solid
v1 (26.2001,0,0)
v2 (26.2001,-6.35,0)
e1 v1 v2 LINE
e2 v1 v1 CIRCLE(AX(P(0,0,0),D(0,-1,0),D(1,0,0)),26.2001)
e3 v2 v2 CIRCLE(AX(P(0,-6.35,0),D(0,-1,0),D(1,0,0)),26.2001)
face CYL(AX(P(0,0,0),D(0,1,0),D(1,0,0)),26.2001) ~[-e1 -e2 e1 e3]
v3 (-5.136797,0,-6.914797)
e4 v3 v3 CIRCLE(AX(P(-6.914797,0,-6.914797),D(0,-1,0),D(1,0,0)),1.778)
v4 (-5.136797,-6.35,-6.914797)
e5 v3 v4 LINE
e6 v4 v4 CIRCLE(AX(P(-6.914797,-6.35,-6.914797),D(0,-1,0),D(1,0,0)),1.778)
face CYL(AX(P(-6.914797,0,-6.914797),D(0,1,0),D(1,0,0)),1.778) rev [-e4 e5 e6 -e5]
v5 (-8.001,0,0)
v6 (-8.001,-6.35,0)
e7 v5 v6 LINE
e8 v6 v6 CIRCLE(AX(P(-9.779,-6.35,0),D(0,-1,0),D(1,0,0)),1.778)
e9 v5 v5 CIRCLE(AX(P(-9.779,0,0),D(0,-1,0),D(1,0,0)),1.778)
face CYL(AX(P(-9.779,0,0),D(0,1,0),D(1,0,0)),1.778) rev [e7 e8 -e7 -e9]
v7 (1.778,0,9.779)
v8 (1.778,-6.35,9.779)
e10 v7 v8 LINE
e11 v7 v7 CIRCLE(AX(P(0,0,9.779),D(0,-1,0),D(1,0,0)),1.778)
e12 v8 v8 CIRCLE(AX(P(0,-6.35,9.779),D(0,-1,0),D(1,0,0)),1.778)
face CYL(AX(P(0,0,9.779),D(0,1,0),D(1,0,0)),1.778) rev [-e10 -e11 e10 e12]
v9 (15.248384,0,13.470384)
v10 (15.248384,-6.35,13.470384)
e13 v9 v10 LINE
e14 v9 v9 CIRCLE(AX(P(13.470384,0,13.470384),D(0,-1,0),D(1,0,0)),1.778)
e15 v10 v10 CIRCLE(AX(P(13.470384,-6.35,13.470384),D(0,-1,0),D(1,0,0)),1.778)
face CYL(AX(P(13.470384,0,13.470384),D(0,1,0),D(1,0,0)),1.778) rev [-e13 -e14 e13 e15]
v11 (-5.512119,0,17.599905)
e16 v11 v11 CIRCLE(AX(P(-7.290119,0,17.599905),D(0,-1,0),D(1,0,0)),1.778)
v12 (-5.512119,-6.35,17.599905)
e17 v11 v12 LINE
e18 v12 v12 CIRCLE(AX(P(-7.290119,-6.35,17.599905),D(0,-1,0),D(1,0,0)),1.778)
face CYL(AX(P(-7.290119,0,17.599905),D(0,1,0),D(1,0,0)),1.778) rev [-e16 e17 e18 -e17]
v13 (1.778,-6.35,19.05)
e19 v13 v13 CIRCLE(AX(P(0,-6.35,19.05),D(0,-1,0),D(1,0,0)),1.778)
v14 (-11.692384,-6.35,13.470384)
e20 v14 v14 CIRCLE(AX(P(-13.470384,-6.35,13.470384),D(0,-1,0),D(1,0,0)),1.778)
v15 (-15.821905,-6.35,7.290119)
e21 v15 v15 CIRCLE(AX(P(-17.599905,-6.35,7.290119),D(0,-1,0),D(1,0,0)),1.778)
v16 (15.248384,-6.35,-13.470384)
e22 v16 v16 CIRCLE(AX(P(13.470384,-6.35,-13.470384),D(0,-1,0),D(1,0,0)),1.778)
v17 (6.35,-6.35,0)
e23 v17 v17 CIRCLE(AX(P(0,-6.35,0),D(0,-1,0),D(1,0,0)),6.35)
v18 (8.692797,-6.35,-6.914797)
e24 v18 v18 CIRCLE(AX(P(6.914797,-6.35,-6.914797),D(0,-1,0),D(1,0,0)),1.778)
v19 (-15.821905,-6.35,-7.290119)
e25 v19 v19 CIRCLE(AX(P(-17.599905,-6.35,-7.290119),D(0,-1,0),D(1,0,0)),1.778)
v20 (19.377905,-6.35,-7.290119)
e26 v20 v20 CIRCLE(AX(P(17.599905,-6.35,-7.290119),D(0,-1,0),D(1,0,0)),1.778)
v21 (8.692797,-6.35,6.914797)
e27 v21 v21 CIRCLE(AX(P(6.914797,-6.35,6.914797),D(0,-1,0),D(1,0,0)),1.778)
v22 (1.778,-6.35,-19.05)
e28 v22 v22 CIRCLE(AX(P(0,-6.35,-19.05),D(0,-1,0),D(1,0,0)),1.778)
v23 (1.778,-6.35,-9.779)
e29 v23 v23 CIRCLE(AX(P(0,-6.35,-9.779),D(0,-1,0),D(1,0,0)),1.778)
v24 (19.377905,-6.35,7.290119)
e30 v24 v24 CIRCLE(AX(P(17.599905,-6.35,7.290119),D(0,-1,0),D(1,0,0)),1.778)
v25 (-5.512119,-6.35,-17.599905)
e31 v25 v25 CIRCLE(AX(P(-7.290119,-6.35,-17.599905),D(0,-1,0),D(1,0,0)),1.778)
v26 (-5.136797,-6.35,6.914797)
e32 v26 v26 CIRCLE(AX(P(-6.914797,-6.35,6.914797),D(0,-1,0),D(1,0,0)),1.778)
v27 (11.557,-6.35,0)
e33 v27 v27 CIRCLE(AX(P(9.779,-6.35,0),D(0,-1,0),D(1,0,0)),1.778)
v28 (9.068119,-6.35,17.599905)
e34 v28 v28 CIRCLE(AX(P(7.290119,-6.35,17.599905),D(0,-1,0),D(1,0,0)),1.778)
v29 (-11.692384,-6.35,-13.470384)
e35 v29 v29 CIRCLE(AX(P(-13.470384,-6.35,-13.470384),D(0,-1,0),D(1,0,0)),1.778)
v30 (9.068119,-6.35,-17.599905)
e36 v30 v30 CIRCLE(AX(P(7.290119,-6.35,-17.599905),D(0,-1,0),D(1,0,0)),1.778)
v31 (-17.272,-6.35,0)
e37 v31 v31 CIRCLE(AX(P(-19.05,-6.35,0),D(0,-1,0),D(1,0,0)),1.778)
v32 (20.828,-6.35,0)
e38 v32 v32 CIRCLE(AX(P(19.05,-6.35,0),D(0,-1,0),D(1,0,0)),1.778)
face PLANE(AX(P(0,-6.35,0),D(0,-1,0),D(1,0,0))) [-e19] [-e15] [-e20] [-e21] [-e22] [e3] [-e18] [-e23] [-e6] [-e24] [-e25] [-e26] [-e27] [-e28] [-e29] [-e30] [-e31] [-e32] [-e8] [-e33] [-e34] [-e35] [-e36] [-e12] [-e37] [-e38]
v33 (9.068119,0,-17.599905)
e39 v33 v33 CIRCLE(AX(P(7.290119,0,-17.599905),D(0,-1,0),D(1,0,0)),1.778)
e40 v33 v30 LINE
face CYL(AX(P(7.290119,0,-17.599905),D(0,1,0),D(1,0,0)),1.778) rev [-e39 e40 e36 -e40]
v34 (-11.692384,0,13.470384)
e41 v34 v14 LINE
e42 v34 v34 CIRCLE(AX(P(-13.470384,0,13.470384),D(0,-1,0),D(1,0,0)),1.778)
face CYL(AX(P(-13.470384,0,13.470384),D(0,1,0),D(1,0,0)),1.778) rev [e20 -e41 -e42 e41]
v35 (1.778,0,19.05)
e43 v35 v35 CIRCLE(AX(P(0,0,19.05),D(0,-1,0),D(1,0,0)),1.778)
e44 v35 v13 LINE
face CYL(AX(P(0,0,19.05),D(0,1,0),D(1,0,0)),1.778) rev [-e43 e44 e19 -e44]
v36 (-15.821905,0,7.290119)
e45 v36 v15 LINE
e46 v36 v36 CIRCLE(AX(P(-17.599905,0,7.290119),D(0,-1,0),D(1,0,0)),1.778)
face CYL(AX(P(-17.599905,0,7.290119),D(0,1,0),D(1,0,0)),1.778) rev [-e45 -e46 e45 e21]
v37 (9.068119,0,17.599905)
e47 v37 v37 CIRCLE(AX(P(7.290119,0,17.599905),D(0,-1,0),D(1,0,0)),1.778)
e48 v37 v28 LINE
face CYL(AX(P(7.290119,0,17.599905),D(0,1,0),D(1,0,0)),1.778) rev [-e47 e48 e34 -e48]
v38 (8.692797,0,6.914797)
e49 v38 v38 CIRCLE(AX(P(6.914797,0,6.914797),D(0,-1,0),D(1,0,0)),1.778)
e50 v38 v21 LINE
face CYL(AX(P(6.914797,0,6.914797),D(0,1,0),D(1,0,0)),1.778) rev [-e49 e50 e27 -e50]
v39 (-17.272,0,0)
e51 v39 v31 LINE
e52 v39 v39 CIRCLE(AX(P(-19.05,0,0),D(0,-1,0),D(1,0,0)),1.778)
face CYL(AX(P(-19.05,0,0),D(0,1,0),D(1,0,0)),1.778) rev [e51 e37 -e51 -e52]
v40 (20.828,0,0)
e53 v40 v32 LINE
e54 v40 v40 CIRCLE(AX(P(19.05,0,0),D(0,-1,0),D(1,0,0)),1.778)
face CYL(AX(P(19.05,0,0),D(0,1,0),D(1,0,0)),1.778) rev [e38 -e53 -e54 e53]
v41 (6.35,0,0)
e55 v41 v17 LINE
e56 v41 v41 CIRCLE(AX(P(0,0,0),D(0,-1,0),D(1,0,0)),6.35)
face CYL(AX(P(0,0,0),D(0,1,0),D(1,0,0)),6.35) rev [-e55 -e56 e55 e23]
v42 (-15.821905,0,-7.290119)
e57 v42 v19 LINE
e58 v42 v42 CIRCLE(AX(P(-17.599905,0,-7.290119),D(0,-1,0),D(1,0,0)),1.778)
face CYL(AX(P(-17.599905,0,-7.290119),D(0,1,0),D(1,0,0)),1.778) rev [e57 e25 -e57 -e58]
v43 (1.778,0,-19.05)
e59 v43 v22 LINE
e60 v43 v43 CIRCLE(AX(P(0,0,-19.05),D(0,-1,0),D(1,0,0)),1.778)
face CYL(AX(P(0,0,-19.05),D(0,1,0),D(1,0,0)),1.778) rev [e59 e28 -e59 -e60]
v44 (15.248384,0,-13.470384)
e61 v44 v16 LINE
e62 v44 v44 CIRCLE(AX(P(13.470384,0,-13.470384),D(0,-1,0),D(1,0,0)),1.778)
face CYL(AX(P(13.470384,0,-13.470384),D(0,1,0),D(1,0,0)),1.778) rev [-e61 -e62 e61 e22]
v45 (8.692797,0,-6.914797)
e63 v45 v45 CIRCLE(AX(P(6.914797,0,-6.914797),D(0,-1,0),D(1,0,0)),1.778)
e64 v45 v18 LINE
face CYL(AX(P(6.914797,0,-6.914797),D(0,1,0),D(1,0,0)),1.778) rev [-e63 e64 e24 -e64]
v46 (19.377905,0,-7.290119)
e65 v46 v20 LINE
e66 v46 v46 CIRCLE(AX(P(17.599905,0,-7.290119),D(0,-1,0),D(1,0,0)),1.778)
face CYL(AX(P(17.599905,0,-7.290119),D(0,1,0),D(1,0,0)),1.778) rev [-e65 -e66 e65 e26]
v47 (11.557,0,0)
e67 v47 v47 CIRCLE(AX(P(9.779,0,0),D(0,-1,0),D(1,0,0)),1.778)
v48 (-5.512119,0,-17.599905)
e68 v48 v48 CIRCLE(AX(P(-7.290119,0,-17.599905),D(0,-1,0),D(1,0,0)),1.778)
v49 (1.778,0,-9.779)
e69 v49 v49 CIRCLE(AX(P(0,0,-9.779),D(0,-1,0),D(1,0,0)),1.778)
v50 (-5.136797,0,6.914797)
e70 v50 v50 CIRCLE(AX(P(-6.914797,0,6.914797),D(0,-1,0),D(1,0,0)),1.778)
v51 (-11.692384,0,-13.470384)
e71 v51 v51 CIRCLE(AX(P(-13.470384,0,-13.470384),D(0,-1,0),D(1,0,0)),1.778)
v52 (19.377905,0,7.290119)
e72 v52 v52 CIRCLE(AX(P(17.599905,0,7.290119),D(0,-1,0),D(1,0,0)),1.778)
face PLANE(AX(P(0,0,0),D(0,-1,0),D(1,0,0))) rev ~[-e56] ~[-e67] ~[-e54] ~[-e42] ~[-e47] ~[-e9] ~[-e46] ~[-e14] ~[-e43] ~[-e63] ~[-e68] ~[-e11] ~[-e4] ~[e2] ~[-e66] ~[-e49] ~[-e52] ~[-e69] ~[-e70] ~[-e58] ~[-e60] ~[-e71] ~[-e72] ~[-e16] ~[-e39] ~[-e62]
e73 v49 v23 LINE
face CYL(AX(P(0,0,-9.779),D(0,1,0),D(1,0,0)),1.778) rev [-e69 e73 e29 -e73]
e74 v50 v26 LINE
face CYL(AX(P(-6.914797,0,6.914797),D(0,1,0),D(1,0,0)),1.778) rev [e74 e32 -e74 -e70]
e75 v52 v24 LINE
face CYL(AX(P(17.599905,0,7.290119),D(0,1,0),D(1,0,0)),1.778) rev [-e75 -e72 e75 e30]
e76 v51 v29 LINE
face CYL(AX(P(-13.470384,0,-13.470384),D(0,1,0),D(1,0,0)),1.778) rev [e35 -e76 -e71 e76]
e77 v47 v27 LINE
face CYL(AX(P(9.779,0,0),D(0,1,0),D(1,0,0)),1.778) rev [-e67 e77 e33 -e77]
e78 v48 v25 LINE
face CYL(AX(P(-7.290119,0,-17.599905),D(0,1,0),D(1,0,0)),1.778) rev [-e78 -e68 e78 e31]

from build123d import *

# Parameters (mm, degrees)
F0_R     = 26.2001
F0_R_2   = 1.778
F0_R_3   = 6.35
F1_DEPTH = 6.35


with BuildPart() as f1:
    # F0 (on Front) → F1 (new body)
    with BuildSketch(Plane.XZ):
        Circle(F0_R)
        with Locations((-13.470384, -13.470384)):
            Circle(F0_R_2, mode=Mode.SUBTRACT)
        with Locations((-7.290119, -17.599905)):
            Circle(F0_R_2, mode=Mode.SUBTRACT)
        with Locations((0, -19.05)):
            Circle(F0_R_2, mode=Mode.SUBTRACT)
        with Locations((-17.599905, -7.290119)):
            Circle(F0_R_2, mode=Mode.SUBTRACT)
        with Locations((-19.05, 0)):
            Circle(F0_R_2, mode=Mode.SUBTRACT)
        with Locations((-6.914797, -6.914797)):
            Circle(F0_R_2, mode=Mode.SUBTRACT)
        with Locations((0, -9.779)):
            Circle(F0_R_2, mode=Mode.SUBTRACT)
        with Locations((-9.779, 0)):
            Circle(F0_R_2, mode=Mode.SUBTRACT)
        Circle(F0_R_3, mode=Mode.SUBTRACT)
        with Locations((7.290119, -17.599905)):
            Circle(F0_R_2, mode=Mode.SUBTRACT)
        with Locations((13.470384, -13.470384)):
            Circle(F0_R_2, mode=Mode.SUBTRACT)
        with Locations((6.914797, -6.914797)):
            Circle(F0_R_2, mode=Mode.SUBTRACT)
        with Locations((9.779, 0)):
            Circle(F0_R_2, mode=Mode.SUBTRACT)
        with Locations((17.599905, -7.290119)):
            Circle(F0_R_2, mode=Mode.SUBTRACT)
        with Locations((19.05, 0)):
            Circle(F0_R_2, mode=Mode.SUBTRACT)
        with Locations((-17.599905, 7.290119)):
            Circle(F0_R_2, mode=Mode.SUBTRACT)
        with Locations((-6.914797, 6.914797)):
            Circle(F0_R_2, mode=Mode.SUBTRACT)
        with Locations((0, 9.779)):
            Circle(F0_R_2, mode=Mode.SUBTRACT)
        with Locations((-13.470384, 13.470384)):
            Circle(F0_R_2, mode=Mode.SUBTRACT)
        with Locations((-7.290119, 17.599905)):
            Circle(F0_R_2, mode=Mode.SUBTRACT)
        with Locations((0, 19.05)):
            Circle(F0_R_2, mode=Mode.SUBTRACT)
        with Locations((6.914797, 6.914797)):
            Circle(F0_R_2, mode=Mode.SUBTRACT)
        with Locations((17.599905, 7.290119)):
            Circle(F0_R_2, mode=Mode.SUBTRACT)
        with Locations((7.290119, 17.599905)):
            Circle(F0_R_2, mode=Mode.SUBTRACT)
        with Locations((13.470384, 13.470384)):
            Circle(F0_R_2, mode=Mode.SUBTRACT)
    extrude(amount=F1_DEPTH)


solid = f1.part
